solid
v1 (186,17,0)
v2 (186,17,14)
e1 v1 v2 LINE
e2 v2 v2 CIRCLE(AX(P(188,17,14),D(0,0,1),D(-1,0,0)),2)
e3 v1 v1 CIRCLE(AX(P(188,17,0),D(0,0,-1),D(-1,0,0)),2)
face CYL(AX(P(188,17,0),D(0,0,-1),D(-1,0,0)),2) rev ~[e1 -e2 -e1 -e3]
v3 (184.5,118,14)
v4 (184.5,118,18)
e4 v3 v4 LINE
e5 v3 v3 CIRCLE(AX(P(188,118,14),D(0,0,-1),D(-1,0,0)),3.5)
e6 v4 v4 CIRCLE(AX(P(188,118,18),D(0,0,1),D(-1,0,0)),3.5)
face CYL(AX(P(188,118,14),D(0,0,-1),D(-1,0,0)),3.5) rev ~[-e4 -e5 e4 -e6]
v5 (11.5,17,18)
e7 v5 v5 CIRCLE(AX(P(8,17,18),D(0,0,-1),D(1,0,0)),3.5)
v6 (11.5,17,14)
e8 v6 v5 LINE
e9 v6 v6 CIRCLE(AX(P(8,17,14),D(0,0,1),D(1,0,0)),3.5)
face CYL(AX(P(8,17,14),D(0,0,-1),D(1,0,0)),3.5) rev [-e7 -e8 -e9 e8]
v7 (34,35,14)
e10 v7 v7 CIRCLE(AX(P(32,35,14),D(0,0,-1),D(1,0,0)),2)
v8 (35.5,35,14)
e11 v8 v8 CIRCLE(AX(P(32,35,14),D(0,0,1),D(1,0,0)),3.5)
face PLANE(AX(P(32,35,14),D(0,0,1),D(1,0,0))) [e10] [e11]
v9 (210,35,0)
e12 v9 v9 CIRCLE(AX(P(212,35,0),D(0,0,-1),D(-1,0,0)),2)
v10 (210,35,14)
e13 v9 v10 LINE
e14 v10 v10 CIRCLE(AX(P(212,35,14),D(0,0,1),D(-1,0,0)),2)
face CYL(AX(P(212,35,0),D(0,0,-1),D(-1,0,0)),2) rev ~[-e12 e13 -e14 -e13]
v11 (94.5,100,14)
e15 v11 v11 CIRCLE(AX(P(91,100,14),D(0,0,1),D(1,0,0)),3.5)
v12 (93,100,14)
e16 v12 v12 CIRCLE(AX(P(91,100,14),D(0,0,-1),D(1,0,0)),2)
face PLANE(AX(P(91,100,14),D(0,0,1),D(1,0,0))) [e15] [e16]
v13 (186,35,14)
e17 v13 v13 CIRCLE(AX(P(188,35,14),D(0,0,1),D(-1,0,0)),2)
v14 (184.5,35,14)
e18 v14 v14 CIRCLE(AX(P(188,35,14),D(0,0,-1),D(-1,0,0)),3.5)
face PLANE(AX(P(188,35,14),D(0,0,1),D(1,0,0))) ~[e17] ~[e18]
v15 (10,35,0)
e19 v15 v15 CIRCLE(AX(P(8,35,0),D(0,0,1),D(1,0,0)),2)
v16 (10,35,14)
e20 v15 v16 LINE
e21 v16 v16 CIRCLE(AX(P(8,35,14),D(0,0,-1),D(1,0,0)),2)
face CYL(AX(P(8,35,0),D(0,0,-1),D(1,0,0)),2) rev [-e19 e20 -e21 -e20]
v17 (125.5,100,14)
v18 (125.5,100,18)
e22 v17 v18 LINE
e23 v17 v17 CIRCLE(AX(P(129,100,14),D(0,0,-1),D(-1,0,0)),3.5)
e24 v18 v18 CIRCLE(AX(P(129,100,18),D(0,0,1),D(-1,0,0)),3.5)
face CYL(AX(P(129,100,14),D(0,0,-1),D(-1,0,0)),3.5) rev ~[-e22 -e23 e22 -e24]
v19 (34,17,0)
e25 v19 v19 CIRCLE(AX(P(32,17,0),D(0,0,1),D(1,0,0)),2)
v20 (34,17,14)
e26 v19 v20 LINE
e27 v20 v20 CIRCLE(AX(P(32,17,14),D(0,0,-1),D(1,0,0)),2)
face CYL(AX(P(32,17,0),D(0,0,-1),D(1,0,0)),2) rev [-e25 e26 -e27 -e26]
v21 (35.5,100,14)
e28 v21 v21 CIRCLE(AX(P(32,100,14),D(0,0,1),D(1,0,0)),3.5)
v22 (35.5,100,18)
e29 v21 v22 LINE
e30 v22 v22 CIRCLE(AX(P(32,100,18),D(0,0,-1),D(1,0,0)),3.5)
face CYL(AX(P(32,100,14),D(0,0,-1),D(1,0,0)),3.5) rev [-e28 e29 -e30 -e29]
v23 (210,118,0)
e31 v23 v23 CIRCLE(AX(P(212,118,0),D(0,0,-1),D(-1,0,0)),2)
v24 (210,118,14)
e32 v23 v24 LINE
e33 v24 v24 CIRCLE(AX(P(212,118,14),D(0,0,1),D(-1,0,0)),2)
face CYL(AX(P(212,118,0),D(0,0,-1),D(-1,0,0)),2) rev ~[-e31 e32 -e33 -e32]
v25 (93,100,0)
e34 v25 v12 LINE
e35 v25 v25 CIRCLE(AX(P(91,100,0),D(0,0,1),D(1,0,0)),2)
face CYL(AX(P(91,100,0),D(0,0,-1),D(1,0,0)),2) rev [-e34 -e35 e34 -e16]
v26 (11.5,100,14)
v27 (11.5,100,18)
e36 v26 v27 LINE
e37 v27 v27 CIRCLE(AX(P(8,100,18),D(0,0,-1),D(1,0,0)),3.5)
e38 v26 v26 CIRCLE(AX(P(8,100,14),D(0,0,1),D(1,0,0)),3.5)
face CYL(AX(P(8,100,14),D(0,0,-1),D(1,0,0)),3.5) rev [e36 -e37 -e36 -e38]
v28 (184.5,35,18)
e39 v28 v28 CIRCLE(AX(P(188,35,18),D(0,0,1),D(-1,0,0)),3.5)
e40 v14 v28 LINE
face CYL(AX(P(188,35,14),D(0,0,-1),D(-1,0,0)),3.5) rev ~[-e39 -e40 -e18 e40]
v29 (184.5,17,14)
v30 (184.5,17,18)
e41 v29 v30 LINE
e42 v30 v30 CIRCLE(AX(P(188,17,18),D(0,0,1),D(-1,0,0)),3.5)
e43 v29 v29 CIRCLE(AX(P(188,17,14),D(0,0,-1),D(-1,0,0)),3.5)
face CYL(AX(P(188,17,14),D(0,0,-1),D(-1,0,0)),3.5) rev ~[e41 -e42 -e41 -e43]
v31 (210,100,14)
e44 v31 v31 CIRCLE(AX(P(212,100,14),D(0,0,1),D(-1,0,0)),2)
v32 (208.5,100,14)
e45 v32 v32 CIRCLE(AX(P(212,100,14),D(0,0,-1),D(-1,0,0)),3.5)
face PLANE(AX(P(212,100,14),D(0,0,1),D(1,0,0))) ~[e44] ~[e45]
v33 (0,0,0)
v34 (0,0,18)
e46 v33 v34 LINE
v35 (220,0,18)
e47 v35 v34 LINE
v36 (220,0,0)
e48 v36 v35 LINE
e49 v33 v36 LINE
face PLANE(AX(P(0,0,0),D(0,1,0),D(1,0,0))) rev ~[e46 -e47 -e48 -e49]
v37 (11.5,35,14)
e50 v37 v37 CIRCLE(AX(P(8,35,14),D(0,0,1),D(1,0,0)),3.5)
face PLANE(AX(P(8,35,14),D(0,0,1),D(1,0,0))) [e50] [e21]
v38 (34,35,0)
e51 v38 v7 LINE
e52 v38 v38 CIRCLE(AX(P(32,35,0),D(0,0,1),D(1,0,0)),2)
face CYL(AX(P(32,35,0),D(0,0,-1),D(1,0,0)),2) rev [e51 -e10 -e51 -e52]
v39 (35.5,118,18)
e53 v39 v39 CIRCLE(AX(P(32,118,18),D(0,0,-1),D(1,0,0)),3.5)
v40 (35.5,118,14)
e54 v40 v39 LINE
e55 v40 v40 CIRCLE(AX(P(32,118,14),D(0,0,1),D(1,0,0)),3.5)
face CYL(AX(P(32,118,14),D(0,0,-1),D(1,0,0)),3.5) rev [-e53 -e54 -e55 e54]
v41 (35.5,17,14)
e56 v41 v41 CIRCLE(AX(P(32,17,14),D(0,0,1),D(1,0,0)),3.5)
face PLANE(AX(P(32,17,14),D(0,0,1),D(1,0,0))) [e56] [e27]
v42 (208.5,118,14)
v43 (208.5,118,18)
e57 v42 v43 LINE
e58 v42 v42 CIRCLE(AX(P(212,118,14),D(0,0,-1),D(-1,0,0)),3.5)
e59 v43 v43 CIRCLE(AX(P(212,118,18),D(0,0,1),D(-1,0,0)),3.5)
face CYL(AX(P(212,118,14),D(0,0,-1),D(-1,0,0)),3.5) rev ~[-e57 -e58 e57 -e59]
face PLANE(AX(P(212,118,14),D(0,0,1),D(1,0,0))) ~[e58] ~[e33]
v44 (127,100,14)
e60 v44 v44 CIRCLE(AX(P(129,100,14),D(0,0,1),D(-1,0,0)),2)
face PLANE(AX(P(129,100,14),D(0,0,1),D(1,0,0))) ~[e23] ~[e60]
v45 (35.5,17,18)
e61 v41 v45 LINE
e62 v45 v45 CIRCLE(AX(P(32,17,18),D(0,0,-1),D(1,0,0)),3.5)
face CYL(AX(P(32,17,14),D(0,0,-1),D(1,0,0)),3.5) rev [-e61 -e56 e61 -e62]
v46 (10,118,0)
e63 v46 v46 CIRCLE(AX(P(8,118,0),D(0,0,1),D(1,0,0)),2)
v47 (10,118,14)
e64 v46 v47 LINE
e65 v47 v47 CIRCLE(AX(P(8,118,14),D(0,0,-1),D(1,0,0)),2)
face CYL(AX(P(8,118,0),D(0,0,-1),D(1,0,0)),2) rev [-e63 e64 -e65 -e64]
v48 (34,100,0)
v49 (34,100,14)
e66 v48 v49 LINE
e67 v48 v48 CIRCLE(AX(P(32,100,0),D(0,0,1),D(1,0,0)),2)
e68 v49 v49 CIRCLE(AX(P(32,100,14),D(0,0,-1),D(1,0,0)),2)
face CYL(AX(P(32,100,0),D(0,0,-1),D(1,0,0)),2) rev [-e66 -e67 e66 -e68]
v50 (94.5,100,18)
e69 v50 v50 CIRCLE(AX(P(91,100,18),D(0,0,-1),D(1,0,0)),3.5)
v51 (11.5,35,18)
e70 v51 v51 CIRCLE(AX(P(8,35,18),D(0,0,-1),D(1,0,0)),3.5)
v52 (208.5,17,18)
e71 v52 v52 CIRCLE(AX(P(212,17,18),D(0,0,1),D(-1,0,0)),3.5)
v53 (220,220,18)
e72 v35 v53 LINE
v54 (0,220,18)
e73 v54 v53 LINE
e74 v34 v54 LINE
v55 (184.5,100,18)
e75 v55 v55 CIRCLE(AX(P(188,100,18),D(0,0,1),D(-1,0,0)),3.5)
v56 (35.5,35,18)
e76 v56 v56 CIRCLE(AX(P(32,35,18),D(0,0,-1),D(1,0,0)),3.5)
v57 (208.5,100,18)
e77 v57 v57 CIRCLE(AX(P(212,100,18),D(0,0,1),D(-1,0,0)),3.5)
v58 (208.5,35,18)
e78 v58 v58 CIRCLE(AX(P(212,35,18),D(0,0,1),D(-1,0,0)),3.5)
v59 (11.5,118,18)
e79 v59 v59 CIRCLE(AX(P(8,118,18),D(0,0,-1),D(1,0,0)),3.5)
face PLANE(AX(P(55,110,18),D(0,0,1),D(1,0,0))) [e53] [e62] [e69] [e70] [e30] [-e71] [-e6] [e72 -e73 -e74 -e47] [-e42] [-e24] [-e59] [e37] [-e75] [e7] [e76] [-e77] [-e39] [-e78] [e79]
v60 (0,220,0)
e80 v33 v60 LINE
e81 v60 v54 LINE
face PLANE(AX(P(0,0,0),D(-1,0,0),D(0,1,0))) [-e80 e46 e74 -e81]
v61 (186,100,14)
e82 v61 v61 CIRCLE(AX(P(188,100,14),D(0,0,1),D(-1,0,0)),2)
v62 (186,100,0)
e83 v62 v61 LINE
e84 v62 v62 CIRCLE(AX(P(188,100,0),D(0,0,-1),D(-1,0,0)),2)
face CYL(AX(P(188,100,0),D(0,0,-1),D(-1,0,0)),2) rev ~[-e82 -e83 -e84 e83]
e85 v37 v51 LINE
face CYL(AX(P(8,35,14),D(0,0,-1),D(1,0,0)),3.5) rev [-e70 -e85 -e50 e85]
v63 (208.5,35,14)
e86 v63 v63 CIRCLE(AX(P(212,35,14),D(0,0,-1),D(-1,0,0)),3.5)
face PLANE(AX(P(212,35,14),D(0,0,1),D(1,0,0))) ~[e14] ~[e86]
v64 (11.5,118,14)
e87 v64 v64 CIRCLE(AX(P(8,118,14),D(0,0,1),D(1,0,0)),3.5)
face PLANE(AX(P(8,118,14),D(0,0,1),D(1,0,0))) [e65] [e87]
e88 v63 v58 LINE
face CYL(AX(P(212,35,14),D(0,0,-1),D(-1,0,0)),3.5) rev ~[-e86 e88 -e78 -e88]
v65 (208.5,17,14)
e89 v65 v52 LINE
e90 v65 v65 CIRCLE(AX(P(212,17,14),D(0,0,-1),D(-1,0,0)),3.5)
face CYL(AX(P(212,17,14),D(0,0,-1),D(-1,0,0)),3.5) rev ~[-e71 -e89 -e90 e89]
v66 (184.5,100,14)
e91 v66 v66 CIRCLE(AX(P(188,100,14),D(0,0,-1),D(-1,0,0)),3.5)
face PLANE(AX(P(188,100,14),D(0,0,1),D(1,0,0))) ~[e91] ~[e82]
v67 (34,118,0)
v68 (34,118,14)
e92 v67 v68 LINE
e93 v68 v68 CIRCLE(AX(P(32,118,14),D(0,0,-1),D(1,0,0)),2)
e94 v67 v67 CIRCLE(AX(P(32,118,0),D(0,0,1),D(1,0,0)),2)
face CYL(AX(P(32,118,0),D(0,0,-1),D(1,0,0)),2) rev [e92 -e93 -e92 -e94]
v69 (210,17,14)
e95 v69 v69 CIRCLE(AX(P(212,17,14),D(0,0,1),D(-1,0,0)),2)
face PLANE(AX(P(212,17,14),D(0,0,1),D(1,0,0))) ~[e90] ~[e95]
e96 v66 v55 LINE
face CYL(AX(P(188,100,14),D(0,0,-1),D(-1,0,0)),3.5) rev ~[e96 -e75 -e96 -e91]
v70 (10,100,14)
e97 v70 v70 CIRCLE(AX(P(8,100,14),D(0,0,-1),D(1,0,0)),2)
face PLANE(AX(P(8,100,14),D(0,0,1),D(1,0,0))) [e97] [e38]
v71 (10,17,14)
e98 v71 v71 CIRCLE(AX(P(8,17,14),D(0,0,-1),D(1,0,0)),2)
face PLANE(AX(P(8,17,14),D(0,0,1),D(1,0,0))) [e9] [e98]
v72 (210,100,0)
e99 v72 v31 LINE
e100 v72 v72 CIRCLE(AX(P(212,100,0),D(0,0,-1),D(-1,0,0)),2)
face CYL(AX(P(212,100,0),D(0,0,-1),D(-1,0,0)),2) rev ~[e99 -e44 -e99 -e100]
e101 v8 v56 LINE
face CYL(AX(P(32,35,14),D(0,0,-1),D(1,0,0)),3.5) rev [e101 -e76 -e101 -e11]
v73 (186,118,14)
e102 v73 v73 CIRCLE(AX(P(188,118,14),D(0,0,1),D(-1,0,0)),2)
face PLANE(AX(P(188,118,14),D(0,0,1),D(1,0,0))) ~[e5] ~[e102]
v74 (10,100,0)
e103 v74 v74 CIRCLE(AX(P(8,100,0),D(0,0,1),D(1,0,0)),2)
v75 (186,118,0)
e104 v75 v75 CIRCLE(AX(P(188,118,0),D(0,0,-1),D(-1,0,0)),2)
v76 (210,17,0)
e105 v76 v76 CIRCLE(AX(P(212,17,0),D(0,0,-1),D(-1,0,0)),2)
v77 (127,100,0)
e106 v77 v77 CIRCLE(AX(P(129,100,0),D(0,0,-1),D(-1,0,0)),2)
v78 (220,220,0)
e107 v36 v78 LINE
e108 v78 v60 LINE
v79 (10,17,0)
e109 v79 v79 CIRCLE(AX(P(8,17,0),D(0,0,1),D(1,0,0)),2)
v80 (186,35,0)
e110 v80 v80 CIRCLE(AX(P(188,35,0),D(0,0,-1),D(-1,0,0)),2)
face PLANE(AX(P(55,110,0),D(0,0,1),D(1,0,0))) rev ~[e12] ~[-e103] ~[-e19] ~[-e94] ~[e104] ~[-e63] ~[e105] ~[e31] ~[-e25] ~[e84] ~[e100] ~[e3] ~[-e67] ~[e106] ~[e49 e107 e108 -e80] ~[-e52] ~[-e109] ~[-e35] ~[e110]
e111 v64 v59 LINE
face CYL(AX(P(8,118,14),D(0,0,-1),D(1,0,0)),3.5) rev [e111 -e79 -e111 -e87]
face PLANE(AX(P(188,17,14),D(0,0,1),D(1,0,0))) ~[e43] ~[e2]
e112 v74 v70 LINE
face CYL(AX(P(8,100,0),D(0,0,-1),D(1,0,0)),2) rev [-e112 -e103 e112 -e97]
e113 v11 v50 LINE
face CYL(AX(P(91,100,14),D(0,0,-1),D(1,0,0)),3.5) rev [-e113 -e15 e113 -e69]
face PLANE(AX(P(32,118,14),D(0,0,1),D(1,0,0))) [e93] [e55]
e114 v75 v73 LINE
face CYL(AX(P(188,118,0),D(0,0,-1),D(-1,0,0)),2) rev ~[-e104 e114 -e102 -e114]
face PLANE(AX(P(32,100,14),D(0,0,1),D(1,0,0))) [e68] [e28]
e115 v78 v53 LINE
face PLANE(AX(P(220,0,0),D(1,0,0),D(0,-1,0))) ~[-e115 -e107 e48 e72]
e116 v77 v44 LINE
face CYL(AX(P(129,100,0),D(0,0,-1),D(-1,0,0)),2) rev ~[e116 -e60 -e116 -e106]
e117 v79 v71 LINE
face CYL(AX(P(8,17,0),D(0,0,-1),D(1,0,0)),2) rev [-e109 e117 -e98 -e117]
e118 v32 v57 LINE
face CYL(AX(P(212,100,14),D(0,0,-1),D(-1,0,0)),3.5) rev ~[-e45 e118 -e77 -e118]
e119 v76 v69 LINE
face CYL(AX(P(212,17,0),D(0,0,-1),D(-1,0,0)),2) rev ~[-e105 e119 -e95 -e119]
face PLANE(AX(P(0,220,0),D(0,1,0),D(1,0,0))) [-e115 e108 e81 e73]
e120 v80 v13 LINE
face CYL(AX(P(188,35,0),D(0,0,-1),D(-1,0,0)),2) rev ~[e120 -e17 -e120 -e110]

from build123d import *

# Parameters (mm, degrees)
CYLINDER002_R     = 3.5
CYLINDER002_DEPTH = 8
CYLINDER003_R     = 2
CYLINDER003_DEPTH = 25
CYLINDER001_R     = 3.5
CYLINDER001_DEPTH = 8
CYLINDER_R        = 2
CYLINDER_DEPTH    = 25
CYLINDER007_R     = 3.5
CYLINDER007_DEPTH = 8
CYLINDER006_R     = 2
CYLINDER006_DEPTH = 25
CYLINDER008_R     = 3.5
CYLINDER008_DEPTH = 8
CYLINDER009_R     = 2
CYLINDER009_DEPTH = 25
CYLINDER005_R     = 3.5
CYLINDER005_DEPTH = 8
CYLINDER004_R     = 2
CYLINDER004_DEPTH = 25
CYLINDER011_R     = 3.5
CYLINDER011_DEPTH = 8
CYLINDER010_R     = 2
CYLINDER010_DEPTH = 25
CYLINDER012_R     = 3.5
CYLINDER012_DEPTH = 8
CYLINDER013_R     = 2
CYLINDER013_DEPTH = 25
CYLINDER015_R     = 3.5
CYLINDER015_DEPTH = 8
CYLINDER014_R     = 2
CYLINDER014_DEPTH = 25
CYLINDER017_R     = 3.5
CYLINDER017_DEPTH = 8
CYLINDER016_R     = 2
CYLINDER016_DEPTH = 25
BOX_W             = 110
BOX_H             = 220
BOX_DEPTH         = 18


with BuildPart() as cilindro002:
    # Cylinder002 → Cylinder002 (new body)
    with BuildSketch(Plane(origin=(8, 17, 14), x_dir=(1, 0, 0), z_dir=(0, 0, 1))):
        Circle(CYLINDER002_R)
    extrude(amount=CYLINDER002_DEPTH)


with BuildPart() as fusion001:
    # Cylinder003 → Cylinder003 (new body)
    with BuildSketch(Plane(origin=(8, 17, 0), x_dir=(1, 0, 0), z_dir=(0, 0, 1))):
        Circle(CYLINDER003_R)
    extrude(amount=CYLINDER003_DEPTH)

    # Fusion001: union Cilindro002
    add(cilindro002.part)


with BuildPart() as fusion001_1:
    # Fusion001 placement: moved
    add(fusion001.part.moved(Location((24, 0, 0))))


with BuildPart() as cilindro001:
    # Cylinder001 → Cylinder001 (new body)
    with BuildSketch(Plane(origin=(8, 17, 14), x_dir=(1, 0, 0), z_dir=(0, 0, 1))):
        Circle(CYLINDER001_R)
    extrude(amount=CYLINDER001_DEPTH)


with BuildPart() as fusion003:
    # Cylinder → Cylinder (new body)
    with BuildSketch(Plane(origin=(8, 17, 0), x_dir=(1, 0, 0), z_dir=(0, 0, 1))):
        Circle(CYLINDER_R)
    extrude(amount=CYLINDER_DEPTH)

    # Fusion: union Cilindro001
    add(cilindro001.part)

    # Fusion003: union Fusion001
    add(fusion001_1.part)


with BuildPart() as cilindro007:
    # Cylinder007 → Cylinder007 (new body)
    with BuildSketch(Plane(origin=(8, 17, 14), x_dir=(1, 0, 0), z_dir=(0, 0, 1))):
        Circle(CYLINDER007_R)
    extrude(amount=CYLINDER007_DEPTH)


with BuildPart() as fusion006:
    # Cylinder006 → Cylinder006 (new body)
    with BuildSketch(Plane(origin=(8, 17, 0), x_dir=(1, 0, 0), z_dir=(0, 0, 1))):
        Circle(CYLINDER006_R)
    extrude(amount=CYLINDER006_DEPTH)

    # Fusion006: union Cilindro007
    add(cilindro007.part)


with BuildPart() as fusion006_1:
    # Fusion006 placement: moved
    add(fusion006.part.moved(Location((24, 0, 0))))


with BuildPart() as cilindro008:
    # Cylinder008 → Cylinder008 (new body)
    with BuildSketch(Plane(origin=(8, 17, 14), x_dir=(1, 0, 0), z_dir=(0, 0, 1))):
        Circle(CYLINDER008_R)
    extrude(amount=CYLINDER008_DEPTH)


with BuildPart() as fusion007:
    # Cylinder009 → Cylinder009 (new body)
    with BuildSketch(Plane(origin=(8, 17, 0), x_dir=(1, 0, 0), z_dir=(0, 0, 1))):
        Circle(CYLINDER009_R)
    extrude(amount=CYLINDER009_DEPTH)

    # Fusion005: union Cilindro008
    add(cilindro008.part)

    # Fusion004: union Fusion006
    add(fusion006_1.part)


with BuildPart() as fusion007_1:
    # Fusion004 placement: moved
    add(fusion007.part.moved(Location((0, 18, 0))))

    # Fusion007: union Fusion003
    add(fusion003.part)


with BuildPart() as cilindro005:
    # Cylinder005 → Cylinder005 (new body)
    with BuildSketch(Plane(origin=(8, 17, 14), x_dir=(1, 0, 0), z_dir=(0, 0, 1))):
        Circle(CYLINDER005_R)
    extrude(amount=CYLINDER005_DEPTH)


with BuildPart() as fusion002:
    # Cylinder004 → Cylinder004 (new body)
    with BuildSketch(Plane(origin=(8, 17, 0), x_dir=(1, 0, 0), z_dir=(0, 0, 1))):
        Circle(CYLINDER004_R)
    extrude(amount=CYLINDER004_DEPTH)

    # Fusion002: union Cilindro005
    add(cilindro005.part)


with BuildPart() as fusion002_1:
    # Fusion002 placement: moved
    add(fusion002.part.moved(Location((83, 83, 0))))


with BuildPart() as cilindro011:
    # Cylinder011 → Cylinder011 (new body)
    with BuildSketch(Plane(origin=(8, 17, 14), x_dir=(1, 0, 0), z_dir=(0, 0, 1))):
        Circle(CYLINDER011_R)
    extrude(amount=CYLINDER011_DEPTH)


with BuildPart() as fusion014:
    # Cylinder010 → Cylinder010 (new body)
    with BuildSketch(Plane(origin=(8, 17, 0), x_dir=(1, 0, 0), z_dir=(0, 0, 1))):
        Circle(CYLINDER010_R)
    extrude(amount=CYLINDER010_DEPTH)

    # Fusion014: union Cilindro011
    add(cilindro011.part)


with BuildPart() as fusion014_1:
    # Fusion014 placement: moved
    add(fusion014.part.moved(Location((24, 0, 0))))


with BuildPart() as cilindro012:
    # Cylinder012 → Cylinder012 (new body)
    with BuildSketch(Plane(origin=(8, 17, 14), x_dir=(1, 0, 0), z_dir=(0, 0, 1))):
        Circle(CYLINDER012_R)
    extrude(amount=CYLINDER012_DEPTH)


with BuildPart() as fusion012:
    # Cylinder013 → Cylinder013 (new body)
    with BuildSketch(Plane(origin=(8, 17, 0), x_dir=(1, 0, 0), z_dir=(0, 0, 1))):
        Circle(CYLINDER013_R)
    extrude(amount=CYLINDER013_DEPTH)

    # Fusion013: union Cilindro012
    add(cilindro012.part)

    # Fusion012: union Fusion014
    add(fusion014_1.part)


with BuildPart() as cilindro015:
    # Cylinder015 → Cylinder015 (new body)
    with BuildSketch(Plane(origin=(8, 17, 14), x_dir=(1, 0, 0), z_dir=(0, 0, 1))):
        Circle(CYLINDER015_R)
    extrude(amount=CYLINDER015_DEPTH)


with BuildPart() as fusion009:
    # Cylinder014 → Cylinder014 (new body)
    with BuildSketch(Plane(origin=(8, 17, 0), x_dir=(1, 0, 0), z_dir=(0, 0, 1))):
        Circle(CYLINDER014_R)
    extrude(amount=CYLINDER014_DEPTH)

    # Fusion009: union Cilindro015
    add(cilindro015.part)


with BuildPart() as fusion009_1:
    # Fusion009 placement: moved
    add(fusion009.part.moved(Location((24, 0, 0))))


with BuildPart() as cilindro017:
    # Cylinder017 → Cylinder017 (new body)
    with BuildSketch(Plane(origin=(8, 17, 14), x_dir=(1, 0, 0), z_dir=(0, 0, 1))):
        Circle(CYLINDER017_R)
    extrude(amount=CYLINDER017_DEPTH)


with BuildPart() as fusion015:
    # Cylinder016 → Cylinder016 (new body)
    with BuildSketch(Plane(origin=(8, 17, 0), x_dir=(1, 0, 0), z_dir=(0, 0, 1))):
        Circle(CYLINDER016_R)
    extrude(amount=CYLINDER016_DEPTH)

    # Fusion011: union Cilindro017
    add(cilindro017.part)

    # Fusion010: union Fusion009
    add(fusion009_1.part)


with BuildPart() as fusion015_1:
    # Fusion010 placement: moved
    add(fusion015.part.moved(Location((0, 18, 0))))

    # Fusion008: union Fusion012
    add(fusion012.part)


with BuildPart() as fusion015_2:
    # Fusion008 placement: moved
    add(fusion015_1.part.moved(Location((0, 83, 0))))

    # Fusion015: union Fusion007, Fusion002
    add(fusion007_1.part)
    add(fusion002_1.part)


with BuildPart() as cut:
    # Box → Box (new body)
    with BuildSketch(Plane.XY):
        with Locations((55, 110)):
            Rectangle(BOX_W, BOX_H)
    extrude(amount=BOX_DEPTH)

    # Cut: cut Fusion015
    add(fusion015_2.part, mode=Mode.SUBTRACT)


with BuildPart() as fusion016:
    # mirror: instance of Cut
    add(cut.part.mirror(Plane(origin=(110, 0, 0), x_dir=(0, -1, 0), z_dir=(1, 0, 0))))

    # Fusion016: union Cut
    add(cut.part)


solid = fusion016.part
